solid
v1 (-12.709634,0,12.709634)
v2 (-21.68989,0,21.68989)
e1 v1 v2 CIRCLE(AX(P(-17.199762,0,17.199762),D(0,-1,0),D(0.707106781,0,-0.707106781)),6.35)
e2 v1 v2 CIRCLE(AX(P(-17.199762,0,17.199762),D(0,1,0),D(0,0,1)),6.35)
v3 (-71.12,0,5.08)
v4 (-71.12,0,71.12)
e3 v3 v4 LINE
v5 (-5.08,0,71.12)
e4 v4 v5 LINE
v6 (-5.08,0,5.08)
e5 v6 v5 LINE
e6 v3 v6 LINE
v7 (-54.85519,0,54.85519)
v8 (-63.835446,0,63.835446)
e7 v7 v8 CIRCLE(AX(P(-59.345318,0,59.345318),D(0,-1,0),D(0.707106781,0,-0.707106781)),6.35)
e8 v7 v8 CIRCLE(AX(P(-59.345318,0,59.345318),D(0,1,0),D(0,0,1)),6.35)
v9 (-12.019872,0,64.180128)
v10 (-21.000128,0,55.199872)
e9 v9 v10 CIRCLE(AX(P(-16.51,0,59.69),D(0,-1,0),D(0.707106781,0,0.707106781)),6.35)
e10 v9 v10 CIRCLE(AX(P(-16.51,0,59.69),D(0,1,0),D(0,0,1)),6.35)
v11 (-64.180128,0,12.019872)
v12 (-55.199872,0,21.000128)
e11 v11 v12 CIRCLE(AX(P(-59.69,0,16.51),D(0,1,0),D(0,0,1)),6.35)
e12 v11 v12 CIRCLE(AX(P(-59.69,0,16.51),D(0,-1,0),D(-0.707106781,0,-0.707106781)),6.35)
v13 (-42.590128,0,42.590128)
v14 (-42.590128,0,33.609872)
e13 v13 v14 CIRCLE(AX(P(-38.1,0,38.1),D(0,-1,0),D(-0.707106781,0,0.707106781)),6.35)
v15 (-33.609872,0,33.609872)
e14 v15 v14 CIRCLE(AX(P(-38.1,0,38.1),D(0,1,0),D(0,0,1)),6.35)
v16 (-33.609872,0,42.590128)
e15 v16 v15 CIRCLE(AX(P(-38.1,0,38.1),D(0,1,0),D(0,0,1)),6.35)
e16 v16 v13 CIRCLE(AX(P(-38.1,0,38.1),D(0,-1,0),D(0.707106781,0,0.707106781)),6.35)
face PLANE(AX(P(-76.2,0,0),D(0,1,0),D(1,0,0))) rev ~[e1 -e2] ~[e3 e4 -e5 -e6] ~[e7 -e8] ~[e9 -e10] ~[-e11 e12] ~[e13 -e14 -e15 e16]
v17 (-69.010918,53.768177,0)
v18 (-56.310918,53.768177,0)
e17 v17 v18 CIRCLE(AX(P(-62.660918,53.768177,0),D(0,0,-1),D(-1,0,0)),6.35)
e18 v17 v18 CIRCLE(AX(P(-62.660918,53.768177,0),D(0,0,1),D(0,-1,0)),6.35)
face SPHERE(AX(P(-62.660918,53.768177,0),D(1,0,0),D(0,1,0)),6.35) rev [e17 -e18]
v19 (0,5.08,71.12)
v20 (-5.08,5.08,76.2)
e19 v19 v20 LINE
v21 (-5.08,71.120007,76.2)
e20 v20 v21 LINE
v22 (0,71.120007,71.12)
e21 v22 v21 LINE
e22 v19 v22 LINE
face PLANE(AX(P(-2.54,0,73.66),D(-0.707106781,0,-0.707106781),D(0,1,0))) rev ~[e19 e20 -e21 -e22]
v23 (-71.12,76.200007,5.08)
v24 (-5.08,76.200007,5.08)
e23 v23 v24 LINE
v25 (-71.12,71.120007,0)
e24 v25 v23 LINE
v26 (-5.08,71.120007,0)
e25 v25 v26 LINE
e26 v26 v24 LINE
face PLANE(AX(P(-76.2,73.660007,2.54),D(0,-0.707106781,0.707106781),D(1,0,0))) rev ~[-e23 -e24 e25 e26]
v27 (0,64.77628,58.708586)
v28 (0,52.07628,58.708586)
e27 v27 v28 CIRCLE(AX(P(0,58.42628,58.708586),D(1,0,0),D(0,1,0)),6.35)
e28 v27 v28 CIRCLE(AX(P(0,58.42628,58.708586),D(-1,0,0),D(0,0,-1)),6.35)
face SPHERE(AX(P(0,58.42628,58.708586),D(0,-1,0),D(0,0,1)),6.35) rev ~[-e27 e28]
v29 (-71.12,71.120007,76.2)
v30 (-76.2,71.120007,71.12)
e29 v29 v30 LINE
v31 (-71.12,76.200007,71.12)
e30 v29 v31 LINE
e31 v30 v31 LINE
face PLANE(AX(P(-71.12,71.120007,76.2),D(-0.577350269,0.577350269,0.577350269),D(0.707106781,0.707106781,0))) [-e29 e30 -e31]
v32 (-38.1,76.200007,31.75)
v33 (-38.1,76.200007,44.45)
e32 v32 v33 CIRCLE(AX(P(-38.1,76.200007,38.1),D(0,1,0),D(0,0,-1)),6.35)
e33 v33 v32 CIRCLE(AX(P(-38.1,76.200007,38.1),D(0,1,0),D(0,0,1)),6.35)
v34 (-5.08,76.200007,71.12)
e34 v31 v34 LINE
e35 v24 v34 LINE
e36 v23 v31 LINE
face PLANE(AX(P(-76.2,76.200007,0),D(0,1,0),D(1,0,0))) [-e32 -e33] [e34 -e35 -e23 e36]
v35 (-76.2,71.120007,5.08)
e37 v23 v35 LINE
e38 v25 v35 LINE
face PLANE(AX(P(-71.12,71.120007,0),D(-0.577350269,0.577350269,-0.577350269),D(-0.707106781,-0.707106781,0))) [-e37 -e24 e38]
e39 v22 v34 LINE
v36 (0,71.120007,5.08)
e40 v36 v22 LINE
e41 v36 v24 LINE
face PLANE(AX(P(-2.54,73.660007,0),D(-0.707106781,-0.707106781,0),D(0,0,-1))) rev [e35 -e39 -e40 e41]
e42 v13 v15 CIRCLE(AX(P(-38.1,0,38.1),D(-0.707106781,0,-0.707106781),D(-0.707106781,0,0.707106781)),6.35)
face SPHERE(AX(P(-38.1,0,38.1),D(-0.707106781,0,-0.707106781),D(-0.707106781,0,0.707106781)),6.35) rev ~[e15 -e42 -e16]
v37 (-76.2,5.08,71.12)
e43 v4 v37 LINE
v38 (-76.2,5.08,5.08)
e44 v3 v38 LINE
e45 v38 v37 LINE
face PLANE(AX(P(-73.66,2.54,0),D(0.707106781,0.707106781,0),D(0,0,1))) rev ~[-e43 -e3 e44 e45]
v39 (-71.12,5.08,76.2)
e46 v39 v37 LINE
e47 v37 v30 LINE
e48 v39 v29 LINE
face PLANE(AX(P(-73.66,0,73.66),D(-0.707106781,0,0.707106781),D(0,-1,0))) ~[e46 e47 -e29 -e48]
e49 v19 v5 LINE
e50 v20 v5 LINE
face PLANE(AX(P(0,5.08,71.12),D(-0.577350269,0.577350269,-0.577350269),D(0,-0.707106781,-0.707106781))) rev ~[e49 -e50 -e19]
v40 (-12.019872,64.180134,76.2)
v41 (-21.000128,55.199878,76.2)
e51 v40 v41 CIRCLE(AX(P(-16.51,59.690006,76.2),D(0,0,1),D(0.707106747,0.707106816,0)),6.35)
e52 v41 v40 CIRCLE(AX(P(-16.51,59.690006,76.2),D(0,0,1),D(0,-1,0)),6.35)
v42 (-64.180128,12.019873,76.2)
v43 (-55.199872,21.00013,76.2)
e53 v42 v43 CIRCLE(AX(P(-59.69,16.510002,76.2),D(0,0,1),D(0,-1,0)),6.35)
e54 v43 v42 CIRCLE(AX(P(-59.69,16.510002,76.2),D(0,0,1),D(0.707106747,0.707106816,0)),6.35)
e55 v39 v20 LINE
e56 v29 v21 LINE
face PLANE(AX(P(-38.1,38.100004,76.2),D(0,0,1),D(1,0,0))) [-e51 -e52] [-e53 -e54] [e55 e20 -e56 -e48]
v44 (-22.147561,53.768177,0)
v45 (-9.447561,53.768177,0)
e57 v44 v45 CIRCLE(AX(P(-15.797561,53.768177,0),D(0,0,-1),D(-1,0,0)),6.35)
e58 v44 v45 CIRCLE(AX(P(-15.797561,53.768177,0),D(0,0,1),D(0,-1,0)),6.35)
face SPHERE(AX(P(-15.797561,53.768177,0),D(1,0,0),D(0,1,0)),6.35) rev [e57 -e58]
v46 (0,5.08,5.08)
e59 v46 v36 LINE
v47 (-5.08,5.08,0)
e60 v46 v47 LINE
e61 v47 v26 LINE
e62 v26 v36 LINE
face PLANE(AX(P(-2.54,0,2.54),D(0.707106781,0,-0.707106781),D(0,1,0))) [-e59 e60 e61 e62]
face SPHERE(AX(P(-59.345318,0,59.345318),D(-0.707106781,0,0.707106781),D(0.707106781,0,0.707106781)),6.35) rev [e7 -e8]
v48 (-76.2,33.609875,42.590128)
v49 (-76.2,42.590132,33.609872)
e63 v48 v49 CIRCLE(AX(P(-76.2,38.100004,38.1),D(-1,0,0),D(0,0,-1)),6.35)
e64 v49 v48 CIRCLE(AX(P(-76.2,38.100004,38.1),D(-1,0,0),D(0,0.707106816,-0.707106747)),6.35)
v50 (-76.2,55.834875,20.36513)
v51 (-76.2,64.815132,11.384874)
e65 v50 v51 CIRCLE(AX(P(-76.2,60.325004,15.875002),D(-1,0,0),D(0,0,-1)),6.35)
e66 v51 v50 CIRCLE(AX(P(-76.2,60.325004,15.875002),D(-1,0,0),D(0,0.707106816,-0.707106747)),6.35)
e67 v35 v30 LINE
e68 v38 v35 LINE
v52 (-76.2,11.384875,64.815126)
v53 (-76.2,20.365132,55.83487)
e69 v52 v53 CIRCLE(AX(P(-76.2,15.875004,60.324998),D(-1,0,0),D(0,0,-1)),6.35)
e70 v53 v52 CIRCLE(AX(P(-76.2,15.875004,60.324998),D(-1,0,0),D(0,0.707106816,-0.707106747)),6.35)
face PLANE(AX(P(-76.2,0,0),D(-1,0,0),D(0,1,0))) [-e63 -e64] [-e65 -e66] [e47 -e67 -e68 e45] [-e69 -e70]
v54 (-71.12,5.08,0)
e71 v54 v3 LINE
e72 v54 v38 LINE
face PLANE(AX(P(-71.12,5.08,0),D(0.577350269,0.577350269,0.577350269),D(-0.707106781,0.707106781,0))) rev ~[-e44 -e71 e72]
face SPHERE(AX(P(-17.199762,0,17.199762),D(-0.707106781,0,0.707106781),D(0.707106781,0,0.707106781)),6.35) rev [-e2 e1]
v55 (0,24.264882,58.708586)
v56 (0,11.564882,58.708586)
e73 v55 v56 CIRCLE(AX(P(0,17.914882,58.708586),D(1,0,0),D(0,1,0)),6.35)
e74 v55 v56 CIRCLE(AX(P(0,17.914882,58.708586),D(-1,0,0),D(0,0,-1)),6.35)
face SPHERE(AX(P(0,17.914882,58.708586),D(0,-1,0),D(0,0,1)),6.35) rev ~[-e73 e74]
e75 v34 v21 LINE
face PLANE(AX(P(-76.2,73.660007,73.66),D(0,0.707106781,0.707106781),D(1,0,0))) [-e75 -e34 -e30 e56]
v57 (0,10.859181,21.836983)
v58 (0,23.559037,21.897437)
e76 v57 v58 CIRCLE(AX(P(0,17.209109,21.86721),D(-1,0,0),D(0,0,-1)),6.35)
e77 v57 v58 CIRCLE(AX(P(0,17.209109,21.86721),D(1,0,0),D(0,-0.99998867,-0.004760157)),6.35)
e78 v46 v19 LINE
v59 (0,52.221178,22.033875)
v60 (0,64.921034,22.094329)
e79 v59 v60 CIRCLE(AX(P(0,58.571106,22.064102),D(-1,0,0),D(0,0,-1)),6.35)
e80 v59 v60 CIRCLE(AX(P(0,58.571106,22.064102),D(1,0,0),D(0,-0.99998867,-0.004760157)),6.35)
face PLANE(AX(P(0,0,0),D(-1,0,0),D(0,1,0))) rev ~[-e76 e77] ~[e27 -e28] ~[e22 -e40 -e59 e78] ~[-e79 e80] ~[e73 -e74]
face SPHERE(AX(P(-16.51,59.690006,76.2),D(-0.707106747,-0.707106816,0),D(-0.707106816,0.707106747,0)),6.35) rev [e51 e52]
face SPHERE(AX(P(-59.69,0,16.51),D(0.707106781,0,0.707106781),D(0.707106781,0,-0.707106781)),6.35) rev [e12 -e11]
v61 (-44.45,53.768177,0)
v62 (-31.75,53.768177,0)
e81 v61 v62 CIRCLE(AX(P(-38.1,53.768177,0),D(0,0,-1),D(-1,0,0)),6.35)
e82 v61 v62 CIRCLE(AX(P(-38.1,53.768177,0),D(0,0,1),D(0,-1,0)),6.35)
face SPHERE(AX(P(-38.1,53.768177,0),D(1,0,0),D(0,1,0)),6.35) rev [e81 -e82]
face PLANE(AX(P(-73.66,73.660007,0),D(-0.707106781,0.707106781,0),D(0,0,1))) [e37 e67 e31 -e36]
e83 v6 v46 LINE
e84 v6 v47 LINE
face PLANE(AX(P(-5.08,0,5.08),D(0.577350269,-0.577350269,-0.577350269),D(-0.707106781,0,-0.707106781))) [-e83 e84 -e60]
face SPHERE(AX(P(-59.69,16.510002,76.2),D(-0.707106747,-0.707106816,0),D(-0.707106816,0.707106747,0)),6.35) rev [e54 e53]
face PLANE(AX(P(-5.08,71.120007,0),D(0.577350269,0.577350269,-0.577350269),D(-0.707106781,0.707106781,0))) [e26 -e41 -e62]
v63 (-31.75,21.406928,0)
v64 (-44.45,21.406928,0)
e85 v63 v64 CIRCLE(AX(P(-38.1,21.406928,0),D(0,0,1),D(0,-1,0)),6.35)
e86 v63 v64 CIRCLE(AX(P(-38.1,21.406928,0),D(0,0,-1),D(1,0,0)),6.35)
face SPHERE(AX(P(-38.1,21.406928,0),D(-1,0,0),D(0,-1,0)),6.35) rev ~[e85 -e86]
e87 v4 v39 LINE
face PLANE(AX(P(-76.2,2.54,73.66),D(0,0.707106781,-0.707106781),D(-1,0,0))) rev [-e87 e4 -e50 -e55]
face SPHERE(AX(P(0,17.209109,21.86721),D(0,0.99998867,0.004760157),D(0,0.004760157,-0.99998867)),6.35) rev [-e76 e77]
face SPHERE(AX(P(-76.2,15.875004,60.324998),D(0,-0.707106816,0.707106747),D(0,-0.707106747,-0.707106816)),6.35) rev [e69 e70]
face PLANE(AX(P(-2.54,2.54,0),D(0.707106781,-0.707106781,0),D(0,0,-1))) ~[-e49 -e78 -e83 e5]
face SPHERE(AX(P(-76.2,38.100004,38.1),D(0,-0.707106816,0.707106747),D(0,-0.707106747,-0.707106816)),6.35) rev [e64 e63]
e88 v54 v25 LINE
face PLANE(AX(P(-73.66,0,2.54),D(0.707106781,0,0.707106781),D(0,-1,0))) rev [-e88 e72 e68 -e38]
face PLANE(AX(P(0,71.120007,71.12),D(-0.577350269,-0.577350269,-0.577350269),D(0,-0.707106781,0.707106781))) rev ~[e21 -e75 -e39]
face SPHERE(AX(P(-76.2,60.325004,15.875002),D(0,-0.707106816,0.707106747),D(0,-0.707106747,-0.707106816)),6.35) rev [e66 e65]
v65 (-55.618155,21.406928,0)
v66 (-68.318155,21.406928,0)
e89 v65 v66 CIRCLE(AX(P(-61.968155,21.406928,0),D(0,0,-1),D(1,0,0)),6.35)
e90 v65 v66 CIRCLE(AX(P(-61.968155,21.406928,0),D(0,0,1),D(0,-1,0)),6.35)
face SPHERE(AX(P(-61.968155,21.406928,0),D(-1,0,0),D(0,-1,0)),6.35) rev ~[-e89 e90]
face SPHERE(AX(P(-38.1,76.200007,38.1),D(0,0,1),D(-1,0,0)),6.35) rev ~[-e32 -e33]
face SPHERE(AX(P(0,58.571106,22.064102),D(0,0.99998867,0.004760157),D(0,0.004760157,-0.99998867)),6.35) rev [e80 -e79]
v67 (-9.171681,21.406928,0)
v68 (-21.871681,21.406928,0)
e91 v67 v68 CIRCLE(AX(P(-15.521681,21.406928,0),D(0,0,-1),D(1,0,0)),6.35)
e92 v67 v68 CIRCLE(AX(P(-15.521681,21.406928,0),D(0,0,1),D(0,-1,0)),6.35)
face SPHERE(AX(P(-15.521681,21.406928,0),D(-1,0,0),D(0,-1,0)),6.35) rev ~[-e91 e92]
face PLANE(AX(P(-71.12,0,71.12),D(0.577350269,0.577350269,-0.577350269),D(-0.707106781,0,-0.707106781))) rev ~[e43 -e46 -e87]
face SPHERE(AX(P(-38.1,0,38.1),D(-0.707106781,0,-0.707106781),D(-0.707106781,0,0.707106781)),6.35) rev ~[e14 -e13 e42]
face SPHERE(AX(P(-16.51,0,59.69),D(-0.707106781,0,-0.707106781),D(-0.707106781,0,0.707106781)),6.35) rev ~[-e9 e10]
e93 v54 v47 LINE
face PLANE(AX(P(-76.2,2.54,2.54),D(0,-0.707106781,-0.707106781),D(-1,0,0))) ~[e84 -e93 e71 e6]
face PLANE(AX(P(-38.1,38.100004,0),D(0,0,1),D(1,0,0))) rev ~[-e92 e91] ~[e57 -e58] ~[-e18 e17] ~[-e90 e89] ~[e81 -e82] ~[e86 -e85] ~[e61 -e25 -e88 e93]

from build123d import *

# Parameters (mm, degrees)
F0_W     = 76.2
F0_H     = 76.2000074155
F1_DEPTH = 76.2
F20_SIZE = 5.08


with BuildPart() as f1:
    # F0 (on Top) → F1 (new body)
    with BuildSketch(Plane.XY):
        with Locations((-38.1, 38.1000037078)):
            Rectangle(F0_W, F0_H)
    extrude(amount=F1_DEPTH)

    # F2 (on face) → F3 (revolve, cut)
    with BuildSketch(Plane(origin=(0, 76.2000074155, 0), x_dir=(-1, 0, 0), z_dir=(0, 1, 0))):
        with BuildLine():
            Line((38.1, 44.45), (38.1, 31.75))
            ThreePointArc((38.1, 31.75), (44.45, 38.1), (38.1, 44.45))
        make_face()
    revolve(axis=Axis((-38.1, 76.2000074155, 38.1), (0, 0, 1)), mode=Mode.SUBTRACT)

    # F4 (on face) → F5 (revolve, cut)
    with BuildSketch(Plane(origin=(-76.2, 0, 0), x_dir=(0, -1, 0), z_dir=(-1, 0, 0))):
        with BuildLine():
            ThreePointArc((-42.5901319868, 33.6098721579), (-33.6098758657, 33.609871721), (-33.6098754287, 42.5901278421))
            Line((-33.6098754287, 42.5901278421), (-42.5901319868, 33.6098721579))
        make_face()
        with BuildLine():
            ThreePointArc((-20.3651319868, 55.8348699951), (-11.3848758657, 55.8348695581), (-11.3848754287, 64.8151256792))
            Line((-11.3848754287, 64.8151256792), (-20.3651319868, 55.8348699951))
        make_face()
        with BuildLine():
            Line((-55.8348754287, 20.3651300049), (-64.8151319868, 11.3848743208))
            ThreePointArc((-64.8151319868, 11.3848743208), (-55.8348758657, 11.3848738838), (-55.8348754287, 20.3651300049))
        make_face()
    revolve(axis=Axis((-76.2, 38.1000037078, 38.1), (0, 0.7071068156, -0.7071067468)), mode=Mode.SUBTRACT)

    # F6 (on face) → F7 (revolve, cut)
    with BuildSketch(Plane.XY.offset(76.2)):
        with BuildLine():
            ThreePointArc((-55.1998721579, 21.0001298857), (-64.180128279, 21.0001294487), (-64.1801278421, 12.0198733277))
            Line((-64.1801278421, 12.0198733277), (-55.1998721579, 21.0001298857))
        make_face()
        with BuildLine():
            Line((-21.0001278421, 55.1998775298), (-12.0198721579, 64.1801340878))
            ThreePointArc((-12.0198721579, 64.1801340878), (-21.000128279, 64.1801336509), (-21.0001278421, 55.1998775298))
        make_face()
    revolve(axis=Axis((-38.1, 38.1000037078, 76.2), (0.7071067468, 0.7071068156, 0)), mode=Mode.SUBTRACT)

    # F8 (on face) → F9 (revolve, cut)
    with BuildSketch(Plane.XZ):
        with BuildLine():
            Line((-38.1, 38.1), (-33.6098719395, 42.5901280605))
            ThreePointArc((-33.6098719395, 42.5901280605), (-38.1, 44.45), (-42.5901280605, 42.5901280605))
            Line((-42.5901280605, 42.5901280605), (-38.1, 38.1))
        make_face()
        with BuildLine():
            Line((-42.5901280605, 33.6098719395), (-38.1, 38.1))
            Line((-38.1, 38.1), (-42.5901280605, 42.5901280605))
            ThreePointArc((-42.5901280605, 42.5901280605), (-44.45, 38.1), (-42.5901280605, 33.6098719395))
        make_face()
        with BuildLine():
            Line((-55.1998719395, 21.0001280605), (-64.1801280605, 12.0198719395))
            ThreePointArc((-64.1801280605, 12.0198719395), (-55.1998719395, 12.0198719395), (-55.1998719395, 21.0001280605))
        make_face()
        with BuildLine():
            Line((-21.0001280605, 55.1998719395), (-12.0198719395, 64.1801280605))
            ThreePointArc((-12.0198719395, 64.1801280605), (-21.0001280605, 64.1801280605), (-21.0001280605, 55.1998719395))
        make_face()
    revolve(axis=Axis((-38.1, 0, 38.1), (-0.7071067812, 0, -0.7071067812)), mode=Mode.SUBTRACT)

    # F10 (on face) → F11 (revolve, cut)
    with BuildSketch(Plane.XZ):
        with BuildLine():
            ThreePointArc((-54.855189944, 54.855189944), (-54.855189944, 63.835446065), (-63.835446065, 63.835446065))
            Line((-63.835446065, 63.835446065), (-54.855189944, 54.855189944))
        make_face()
        with BuildLine():
            Line((-21.6898902261, 21.6898902261), (-12.709634105, 12.709634105))
            ThreePointArc((-12.709634105, 12.709634105), (-12.709634105, 21.6898902261), (-21.6898902261, 21.6898902261))
        make_face()
    revolve(axis=Axis((-38.1, 0, 38.1), (0.7071067812, 0, -0.7071067812)), mode=Mode.SUBTRACT)

    # F12 (on face) → F13 (revolve, cut)
    with BuildSketch(Plane(origin=(0, 0, 0), x_dir=(1, 0, 0), z_dir=(0, 0, -1))):
        with BuildLine():
            Line((-21.8716809362, -21.4069280773), (-9.1716809362, -21.4069280773))
            ThreePointArc((-9.1716809362, -21.4069280773), (-15.5216809362, -15.0569280773), (-21.8716809362, -21.4069280773))
        make_face()
        with BuildLine():
            Line((-44.45, -21.4069280773), (-31.75, -21.4069280773))
            ThreePointArc((-31.75, -21.4069280773), (-38.1, -15.0569280773), (-44.45, -21.4069280773))
        make_face()
        with BuildLine():
            ThreePointArc((-55.6181552052, -21.4069280773), (-61.9681552052, -15.0569280773), (-68.3181552052, -21.4069280773))
            Line((-68.3181552052, -21.4069280773), (-55.6181552052, -21.4069280773))
        make_face()
    revolve(axis=Axis((-38.1, 21.4069280773, 0), (-1, 0, 0)), mode=Mode.SUBTRACT)

    # F14 (on face) → F15 (revolve, cut)
    with BuildSketch(Plane(origin=(0, 0, 0), x_dir=(1, 0, 0), z_dir=(0, 0, -1))):
        with BuildLine():
            ThreePointArc((-22.1475610346, -53.7681765854), (-15.7975610346, -60.1181765854), (-9.4475610346, -53.7681765854))
            Line((-9.4475610346, -53.7681765854), (-22.1475610346, -53.7681765854))
        make_face()
        with BuildLine():
            ThreePointArc((-44.45, -53.7681765854), (-38.1, -60.1181765854), (-31.75, -53.7681765854))
            Line((-31.75, -53.7681765854), (-44.45, -53.7681765854))
        make_face()
        with BuildLine():
            Line((-56.3109176397, -53.7681765854), (-69.0109176397, -53.7681765854))
            ThreePointArc((-69.0109176397, -53.7681765854), (-62.6609176397, -60.1181765854), (-56.3109176397, -53.7681765854))
        make_face()
    revolve(axis=Axis((-38.1, 53.7681765854, 0), (-1, 0, 0)), mode=Mode.SUBTRACT)

    # F16 (on face) → F17 (revolve, cut)
    with BuildSketch(Plane.YZ):
        with BuildLine():
            Line((11.5648819298, 58.7085857987), (24.2648819298, 58.7085857987))
            ThreePointArc((24.2648819298, 58.7085857987), (17.9148819298, 65.0585857987), (11.5648819298, 58.7085857987))
        make_face()
        with BuildLine():
            Line((52.0762795746, 58.7085857987), (64.7762795746, 58.7085857987))
            ThreePointArc((64.7762795746, 58.7085857987), (58.4262795746, 65.0585857987), (52.0762795746, 58.7085857987))
        make_face()
    revolve(axis=Axis((0, 38.1000037078, 58.7085857987), (0, -1, 0)), mode=Mode.SUBTRACT)

    # F18 (on face) → F19 (revolve, cut)
    with BuildSketch(Plane.YZ):
        with BuildLine():
            ThreePointArc((52.2211778409, 22.0338748657), (58.6013328924, 15.7141738033), (64.9210339548, 22.0943288549))
            Line((64.9210339548, 22.0943288549), (52.2211778409, 22.0338748657))
        make_face()
        with BuildLine():
            ThreePointArc((10.8591808619, 21.8369830509), (17.2393359135, 15.5172819885), (23.5590369759, 21.8974370401))
            Line((23.5590369759, 21.8974370401), (10.8591808619, 21.8369830509))
        make_face()
    revolve(axis=Axis((0, 38.1000037078, 21.9666551035), (0, -0.9999886704, -0.0047601566)), mode=Mode.SUBTRACT)

    # F20
    f20_edges = [f1.edges().sort_by_distance(p)[0] for p in [
        (-76.2, 76.200007, 38.1),
        (-76.2, 38.100004, 76.2),
        (-38.1, 0, 76.2),
        (-76.2, 0, 38.1),
        (-38.1, 76.200007, 76.2),
        (0, 76.200007, 38.1),
        (0, 38.100004, 76.2),
        (0, 38.100004, 0),
        (0, 0, 38.1),
        (-38.1, 0, 0),
        (-38.1, 76.200007, 0),
        (-76.2, 38.100004, 0),
    ]]
    chamfer(f20_edges, length=F20_SIZE)


solid = f1.part
